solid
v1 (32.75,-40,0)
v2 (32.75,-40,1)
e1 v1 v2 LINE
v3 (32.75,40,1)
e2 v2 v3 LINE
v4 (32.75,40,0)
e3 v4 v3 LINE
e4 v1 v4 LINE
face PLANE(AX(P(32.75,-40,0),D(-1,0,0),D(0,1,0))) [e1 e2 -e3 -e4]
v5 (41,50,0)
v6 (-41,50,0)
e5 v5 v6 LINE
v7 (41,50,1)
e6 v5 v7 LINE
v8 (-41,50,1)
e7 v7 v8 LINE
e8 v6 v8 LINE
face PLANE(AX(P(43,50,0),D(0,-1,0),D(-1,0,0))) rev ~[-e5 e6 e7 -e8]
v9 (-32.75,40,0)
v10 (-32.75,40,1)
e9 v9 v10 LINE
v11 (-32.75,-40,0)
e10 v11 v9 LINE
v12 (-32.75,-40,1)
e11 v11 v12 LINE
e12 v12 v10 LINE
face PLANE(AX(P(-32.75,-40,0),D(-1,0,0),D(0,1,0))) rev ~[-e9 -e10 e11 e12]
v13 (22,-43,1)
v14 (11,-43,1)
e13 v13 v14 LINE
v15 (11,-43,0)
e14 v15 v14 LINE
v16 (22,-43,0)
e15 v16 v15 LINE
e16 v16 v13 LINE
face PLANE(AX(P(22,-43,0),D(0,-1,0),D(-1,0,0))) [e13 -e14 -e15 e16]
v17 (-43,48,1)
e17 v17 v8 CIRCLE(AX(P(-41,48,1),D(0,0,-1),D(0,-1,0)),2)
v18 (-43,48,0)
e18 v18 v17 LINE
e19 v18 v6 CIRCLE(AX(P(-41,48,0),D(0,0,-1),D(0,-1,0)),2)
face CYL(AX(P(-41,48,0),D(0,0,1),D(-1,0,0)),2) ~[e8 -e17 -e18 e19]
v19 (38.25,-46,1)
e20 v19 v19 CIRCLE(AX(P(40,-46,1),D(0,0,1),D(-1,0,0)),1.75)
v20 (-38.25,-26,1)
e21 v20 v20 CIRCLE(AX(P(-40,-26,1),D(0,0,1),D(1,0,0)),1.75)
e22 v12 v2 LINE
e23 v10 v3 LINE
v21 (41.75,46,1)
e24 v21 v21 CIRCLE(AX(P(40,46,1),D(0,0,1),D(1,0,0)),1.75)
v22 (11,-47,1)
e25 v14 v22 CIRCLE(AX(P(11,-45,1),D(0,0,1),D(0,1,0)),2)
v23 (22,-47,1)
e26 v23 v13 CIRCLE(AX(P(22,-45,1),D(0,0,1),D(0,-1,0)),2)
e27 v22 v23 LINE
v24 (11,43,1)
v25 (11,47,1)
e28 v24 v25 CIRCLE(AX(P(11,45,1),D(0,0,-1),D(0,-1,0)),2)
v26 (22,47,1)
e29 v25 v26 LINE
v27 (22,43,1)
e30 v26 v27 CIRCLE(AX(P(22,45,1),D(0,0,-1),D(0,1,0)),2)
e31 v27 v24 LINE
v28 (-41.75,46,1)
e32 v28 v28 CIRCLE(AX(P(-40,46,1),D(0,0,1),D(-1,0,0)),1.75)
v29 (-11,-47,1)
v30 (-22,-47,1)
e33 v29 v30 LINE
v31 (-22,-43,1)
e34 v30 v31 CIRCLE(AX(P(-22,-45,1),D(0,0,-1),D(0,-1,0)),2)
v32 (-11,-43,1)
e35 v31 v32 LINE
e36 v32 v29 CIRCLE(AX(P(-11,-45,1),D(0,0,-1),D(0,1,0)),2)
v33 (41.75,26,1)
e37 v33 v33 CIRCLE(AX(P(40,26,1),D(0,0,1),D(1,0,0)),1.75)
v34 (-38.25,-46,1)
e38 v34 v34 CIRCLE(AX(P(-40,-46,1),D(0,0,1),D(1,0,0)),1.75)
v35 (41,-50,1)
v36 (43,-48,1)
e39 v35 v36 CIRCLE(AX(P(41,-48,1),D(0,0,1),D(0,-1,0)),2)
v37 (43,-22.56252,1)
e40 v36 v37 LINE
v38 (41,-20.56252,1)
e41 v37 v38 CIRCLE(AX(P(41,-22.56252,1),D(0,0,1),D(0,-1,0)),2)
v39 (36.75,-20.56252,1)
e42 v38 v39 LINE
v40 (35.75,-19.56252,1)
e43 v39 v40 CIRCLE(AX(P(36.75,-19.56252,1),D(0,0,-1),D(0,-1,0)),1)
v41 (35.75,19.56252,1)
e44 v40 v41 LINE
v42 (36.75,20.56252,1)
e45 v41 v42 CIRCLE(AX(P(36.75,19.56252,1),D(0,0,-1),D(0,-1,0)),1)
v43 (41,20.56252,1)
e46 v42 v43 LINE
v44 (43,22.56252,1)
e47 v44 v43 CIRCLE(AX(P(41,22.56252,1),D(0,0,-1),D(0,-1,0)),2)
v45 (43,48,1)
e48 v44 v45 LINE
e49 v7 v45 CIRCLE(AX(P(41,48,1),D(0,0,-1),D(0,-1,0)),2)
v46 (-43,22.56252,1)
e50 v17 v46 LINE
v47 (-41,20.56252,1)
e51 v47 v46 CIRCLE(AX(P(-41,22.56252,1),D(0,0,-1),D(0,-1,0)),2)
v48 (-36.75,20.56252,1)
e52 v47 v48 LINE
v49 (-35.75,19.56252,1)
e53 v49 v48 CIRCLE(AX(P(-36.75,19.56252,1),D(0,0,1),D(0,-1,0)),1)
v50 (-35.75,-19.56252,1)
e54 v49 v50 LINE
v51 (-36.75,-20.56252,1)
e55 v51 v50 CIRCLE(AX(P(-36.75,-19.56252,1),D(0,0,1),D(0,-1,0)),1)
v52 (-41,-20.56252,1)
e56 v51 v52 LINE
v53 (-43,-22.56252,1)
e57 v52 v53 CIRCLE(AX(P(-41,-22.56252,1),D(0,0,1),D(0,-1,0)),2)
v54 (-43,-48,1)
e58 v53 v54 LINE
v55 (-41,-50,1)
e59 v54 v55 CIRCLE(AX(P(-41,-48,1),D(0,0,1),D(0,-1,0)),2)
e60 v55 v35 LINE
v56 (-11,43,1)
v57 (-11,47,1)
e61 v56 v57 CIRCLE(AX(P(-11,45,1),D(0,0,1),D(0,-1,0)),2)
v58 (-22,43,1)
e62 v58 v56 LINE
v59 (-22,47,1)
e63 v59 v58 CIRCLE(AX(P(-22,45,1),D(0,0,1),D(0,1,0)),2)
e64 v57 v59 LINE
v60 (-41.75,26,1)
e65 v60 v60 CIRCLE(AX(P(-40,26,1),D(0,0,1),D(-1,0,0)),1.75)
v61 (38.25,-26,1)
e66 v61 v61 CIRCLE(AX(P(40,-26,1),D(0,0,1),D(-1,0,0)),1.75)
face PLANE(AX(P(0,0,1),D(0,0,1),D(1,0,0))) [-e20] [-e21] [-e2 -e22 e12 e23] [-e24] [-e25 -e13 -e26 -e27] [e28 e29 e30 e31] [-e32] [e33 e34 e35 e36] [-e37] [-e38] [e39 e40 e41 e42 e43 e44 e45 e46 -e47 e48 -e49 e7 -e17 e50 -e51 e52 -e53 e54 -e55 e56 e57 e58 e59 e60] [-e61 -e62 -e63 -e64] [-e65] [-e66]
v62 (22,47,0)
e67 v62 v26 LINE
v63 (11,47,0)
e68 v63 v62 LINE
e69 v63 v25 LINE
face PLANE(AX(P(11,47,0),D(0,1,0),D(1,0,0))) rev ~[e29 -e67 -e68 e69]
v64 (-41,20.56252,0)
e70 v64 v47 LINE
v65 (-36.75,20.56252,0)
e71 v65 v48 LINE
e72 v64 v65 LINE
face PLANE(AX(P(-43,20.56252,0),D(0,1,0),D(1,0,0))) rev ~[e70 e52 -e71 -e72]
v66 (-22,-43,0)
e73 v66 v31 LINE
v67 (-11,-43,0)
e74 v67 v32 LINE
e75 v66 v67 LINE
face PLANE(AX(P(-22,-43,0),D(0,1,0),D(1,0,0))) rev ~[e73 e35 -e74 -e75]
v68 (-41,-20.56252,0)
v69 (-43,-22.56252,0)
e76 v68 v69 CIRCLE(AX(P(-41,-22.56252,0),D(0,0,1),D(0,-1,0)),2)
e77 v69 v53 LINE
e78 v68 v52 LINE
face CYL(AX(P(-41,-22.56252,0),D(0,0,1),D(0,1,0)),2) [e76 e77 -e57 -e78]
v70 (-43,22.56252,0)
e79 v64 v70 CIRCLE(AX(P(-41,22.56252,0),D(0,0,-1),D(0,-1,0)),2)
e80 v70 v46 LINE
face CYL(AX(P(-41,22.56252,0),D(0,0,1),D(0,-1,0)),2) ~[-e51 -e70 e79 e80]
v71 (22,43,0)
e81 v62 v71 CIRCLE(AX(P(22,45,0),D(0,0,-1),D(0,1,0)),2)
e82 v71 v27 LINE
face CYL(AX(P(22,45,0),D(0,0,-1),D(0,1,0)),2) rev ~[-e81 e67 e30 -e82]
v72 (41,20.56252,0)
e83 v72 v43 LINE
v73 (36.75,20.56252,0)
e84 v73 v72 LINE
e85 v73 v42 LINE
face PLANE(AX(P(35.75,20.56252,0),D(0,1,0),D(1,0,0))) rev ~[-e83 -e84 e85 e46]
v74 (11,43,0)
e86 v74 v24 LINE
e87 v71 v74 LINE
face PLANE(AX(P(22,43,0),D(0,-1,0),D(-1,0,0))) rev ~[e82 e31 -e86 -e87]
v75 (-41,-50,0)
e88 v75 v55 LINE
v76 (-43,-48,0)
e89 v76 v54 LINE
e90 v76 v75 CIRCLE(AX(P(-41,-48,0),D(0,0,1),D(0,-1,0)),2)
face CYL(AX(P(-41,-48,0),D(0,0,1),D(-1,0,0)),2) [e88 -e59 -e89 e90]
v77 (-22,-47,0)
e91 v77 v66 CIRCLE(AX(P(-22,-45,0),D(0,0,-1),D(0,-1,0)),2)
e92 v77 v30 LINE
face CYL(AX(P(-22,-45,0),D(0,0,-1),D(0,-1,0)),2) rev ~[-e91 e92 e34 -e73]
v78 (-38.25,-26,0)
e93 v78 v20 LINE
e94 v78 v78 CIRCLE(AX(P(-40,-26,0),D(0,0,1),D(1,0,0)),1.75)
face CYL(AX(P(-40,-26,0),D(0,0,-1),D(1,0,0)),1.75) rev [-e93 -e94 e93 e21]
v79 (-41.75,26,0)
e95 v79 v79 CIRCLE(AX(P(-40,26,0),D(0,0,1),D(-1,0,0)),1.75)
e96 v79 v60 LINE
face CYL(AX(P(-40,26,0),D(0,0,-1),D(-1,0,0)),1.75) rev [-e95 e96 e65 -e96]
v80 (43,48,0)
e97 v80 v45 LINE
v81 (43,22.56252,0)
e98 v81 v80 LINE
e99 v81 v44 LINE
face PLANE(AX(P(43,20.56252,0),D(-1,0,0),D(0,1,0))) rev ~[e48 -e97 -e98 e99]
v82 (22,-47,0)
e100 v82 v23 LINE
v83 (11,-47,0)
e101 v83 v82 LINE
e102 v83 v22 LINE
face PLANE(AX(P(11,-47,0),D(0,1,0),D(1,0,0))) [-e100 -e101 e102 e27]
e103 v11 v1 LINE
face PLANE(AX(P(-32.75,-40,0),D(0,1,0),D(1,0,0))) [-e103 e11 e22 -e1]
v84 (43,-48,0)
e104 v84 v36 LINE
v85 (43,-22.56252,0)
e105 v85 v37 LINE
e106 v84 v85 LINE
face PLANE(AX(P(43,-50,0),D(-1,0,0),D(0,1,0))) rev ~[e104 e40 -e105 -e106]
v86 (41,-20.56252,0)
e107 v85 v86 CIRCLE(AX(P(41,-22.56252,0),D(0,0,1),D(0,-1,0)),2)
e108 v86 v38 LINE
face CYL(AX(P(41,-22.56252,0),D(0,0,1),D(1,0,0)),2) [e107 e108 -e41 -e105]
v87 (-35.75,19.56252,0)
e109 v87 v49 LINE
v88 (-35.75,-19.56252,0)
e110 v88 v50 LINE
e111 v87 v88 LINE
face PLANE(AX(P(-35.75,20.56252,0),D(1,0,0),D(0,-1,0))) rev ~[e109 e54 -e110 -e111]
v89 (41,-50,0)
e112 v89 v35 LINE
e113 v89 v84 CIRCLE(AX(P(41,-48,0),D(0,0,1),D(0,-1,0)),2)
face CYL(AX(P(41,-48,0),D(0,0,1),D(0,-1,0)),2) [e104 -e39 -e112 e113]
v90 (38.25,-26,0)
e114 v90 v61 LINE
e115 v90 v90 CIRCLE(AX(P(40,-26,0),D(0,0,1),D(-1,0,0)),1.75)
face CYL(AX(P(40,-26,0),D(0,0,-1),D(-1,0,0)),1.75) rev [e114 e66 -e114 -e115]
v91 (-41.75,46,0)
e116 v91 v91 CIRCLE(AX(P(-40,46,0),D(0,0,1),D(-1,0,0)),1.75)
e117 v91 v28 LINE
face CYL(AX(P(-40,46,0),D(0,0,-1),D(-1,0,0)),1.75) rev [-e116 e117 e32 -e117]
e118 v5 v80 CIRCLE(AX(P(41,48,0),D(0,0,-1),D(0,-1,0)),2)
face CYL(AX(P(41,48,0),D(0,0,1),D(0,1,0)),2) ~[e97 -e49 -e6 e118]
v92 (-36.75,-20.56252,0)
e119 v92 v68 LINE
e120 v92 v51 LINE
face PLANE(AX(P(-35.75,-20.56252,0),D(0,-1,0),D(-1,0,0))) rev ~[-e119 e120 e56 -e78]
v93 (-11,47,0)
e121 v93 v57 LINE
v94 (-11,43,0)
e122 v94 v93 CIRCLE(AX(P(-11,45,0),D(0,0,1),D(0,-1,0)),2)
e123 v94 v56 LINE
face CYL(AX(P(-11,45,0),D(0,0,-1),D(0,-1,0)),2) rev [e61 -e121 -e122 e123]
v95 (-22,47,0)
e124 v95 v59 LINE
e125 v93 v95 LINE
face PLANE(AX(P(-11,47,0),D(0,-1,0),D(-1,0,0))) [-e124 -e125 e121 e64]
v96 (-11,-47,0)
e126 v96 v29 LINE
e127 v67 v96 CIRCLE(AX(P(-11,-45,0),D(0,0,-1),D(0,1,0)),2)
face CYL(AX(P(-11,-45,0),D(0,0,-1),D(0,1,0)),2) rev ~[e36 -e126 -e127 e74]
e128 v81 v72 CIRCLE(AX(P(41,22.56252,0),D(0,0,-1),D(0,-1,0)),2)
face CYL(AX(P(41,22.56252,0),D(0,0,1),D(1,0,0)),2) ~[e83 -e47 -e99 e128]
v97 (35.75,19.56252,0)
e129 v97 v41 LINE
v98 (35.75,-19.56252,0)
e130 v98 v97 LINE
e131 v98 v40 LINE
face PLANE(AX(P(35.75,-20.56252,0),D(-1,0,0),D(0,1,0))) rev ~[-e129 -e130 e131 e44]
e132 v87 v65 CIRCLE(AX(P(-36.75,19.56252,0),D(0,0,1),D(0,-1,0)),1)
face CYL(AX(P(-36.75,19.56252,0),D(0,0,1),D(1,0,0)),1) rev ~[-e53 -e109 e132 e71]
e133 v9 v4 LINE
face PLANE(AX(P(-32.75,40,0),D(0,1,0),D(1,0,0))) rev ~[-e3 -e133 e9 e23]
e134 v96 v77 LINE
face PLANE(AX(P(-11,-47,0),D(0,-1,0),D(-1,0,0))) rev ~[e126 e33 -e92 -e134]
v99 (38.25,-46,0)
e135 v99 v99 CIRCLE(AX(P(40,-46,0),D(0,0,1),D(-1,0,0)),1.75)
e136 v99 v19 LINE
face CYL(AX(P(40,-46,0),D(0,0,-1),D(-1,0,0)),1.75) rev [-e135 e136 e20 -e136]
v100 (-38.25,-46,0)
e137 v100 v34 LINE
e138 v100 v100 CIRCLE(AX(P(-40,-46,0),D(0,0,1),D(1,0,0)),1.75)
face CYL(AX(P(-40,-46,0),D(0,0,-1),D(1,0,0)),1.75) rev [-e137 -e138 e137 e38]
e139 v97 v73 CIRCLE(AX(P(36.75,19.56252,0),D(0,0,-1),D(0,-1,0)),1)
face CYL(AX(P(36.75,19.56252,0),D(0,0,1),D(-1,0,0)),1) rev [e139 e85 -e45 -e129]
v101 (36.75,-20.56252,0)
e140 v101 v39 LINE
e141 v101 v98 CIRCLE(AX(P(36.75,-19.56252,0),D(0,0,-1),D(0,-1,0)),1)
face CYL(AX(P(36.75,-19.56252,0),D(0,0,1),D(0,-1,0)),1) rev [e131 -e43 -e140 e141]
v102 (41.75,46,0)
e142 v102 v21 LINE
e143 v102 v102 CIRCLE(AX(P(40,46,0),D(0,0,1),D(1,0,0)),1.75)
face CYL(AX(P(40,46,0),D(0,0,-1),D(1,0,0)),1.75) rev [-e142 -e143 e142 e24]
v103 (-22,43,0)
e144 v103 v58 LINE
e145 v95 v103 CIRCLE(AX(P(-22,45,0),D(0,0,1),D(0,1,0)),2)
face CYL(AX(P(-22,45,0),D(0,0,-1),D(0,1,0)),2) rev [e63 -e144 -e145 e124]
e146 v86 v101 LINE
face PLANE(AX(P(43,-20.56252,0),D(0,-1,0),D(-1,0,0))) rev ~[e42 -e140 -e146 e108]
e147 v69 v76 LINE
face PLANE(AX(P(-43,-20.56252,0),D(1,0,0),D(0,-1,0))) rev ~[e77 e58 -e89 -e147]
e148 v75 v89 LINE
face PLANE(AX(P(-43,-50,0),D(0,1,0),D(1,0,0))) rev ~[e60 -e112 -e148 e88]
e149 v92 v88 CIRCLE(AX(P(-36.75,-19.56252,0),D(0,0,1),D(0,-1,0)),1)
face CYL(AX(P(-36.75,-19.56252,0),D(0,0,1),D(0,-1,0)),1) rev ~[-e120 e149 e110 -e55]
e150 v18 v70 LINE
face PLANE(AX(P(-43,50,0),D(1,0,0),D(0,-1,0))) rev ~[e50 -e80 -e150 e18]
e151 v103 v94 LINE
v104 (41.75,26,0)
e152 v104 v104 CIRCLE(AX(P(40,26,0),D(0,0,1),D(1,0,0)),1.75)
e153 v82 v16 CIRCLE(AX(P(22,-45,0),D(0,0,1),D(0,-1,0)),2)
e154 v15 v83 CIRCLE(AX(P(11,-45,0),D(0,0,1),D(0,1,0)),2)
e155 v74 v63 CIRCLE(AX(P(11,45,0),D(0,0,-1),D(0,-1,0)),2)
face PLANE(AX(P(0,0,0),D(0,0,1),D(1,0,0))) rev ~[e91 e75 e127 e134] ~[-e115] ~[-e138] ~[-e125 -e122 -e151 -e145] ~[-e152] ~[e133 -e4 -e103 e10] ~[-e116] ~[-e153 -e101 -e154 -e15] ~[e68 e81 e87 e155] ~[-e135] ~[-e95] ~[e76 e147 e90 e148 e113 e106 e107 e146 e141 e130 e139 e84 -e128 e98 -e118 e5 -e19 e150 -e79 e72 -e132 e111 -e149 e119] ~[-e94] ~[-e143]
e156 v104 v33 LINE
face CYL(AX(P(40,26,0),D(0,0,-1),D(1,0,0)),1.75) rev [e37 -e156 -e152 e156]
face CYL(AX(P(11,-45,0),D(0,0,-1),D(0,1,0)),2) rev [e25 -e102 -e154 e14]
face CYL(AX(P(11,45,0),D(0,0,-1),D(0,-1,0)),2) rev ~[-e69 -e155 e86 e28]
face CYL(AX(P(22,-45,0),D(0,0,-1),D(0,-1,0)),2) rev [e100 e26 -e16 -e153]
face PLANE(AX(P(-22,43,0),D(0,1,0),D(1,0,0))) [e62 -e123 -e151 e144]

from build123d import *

# Parameters (mm, degrees)
SKETCH_1_R      = 1.75
SKETCH_1_W      = 65.5
SKETCH_1_H      = 80
EXTRUDE_1_DEPTH = 1
FILLET_1_R      = 1
FILLET_2_R      = 2


with BuildPart() as part:
    # 草圖1 → 填料-伸長1 (new body)
    with BuildSketch(Plane.XY):
        Polygon((-35.75, -20.56252042), (-43, -20.56252042), (-43, -50), (-25.75, -50), (25.75, -50), (43, -50), (43, -20.56252042), (35.75, -20.56252042), (35.75, 20.56252042), (43, 20.56252042), (43, 50), (25.75, 50), (-25.75, 50), (-43, 50), (-43, 20.56252042), (-35.75, 20.56252042), align=None)
        with Locations((-40, -26)):
            Circle(SKETCH_1_R, mode=Mode.SUBTRACT)
        with Locations(Location((40, -26, 0), (0, 0, 180))):
            Circle(SKETCH_1_R, mode=Mode.SUBTRACT)
        with Locations((40, 26)):
            Circle(SKETCH_1_R, mode=Mode.SUBTRACT)
        with Locations(Location((-40, 26, 0), (0, 0, 180))):
            Circle(SKETCH_1_R, mode=Mode.SUBTRACT)
        with Locations((-40, -46)):
            Circle(SKETCH_1_R, mode=Mode.SUBTRACT)
        with Locations(Location((-40, 46, 0), (0, 0, 180))):
            Circle(SKETCH_1_R, mode=Mode.SUBTRACT)
        with Locations((40, 46)):
            Circle(SKETCH_1_R, mode=Mode.SUBTRACT)
        with Locations(Location((40, -46, 0), (0, 0, 180))):
            Circle(SKETCH_1_R, mode=Mode.SUBTRACT)
        Rectangle(SKETCH_1_W, SKETCH_1_H, mode=Mode.SUBTRACT)
        with BuildLine():
            Line((-22, -43), (-11, -43))
            ThreePointArc((-11, -43), (-9, -45), (-11, -47))
            Line((-11, -47), (-22, -47))
            ThreePointArc((-22, -47), (-24, -45), (-22, -43))
        make_face(mode=Mode.SUBTRACT)
        with BuildLine():
            Line((22, -43), (11, -43))
            ThreePointArc((11, -43), (9, -45), (11, -47))
            Line((11, -47), (22, -47))
            ThreePointArc((22, -47), (24, -45), (22, -43))
        make_face(mode=Mode.SUBTRACT)
        with BuildLine():
            Line((22, 43), (11, 43))
            ThreePointArc((11, 43), (9, 45), (11, 47))
            Line((11, 47), (22, 47))
            ThreePointArc((22, 47), (24, 45), (22, 43))
        make_face(mode=Mode.SUBTRACT)
        with BuildLine():
            Line((-22, 43), (-11, 43))
            ThreePointArc((-11, 43), (-9, 45), (-11, 47))
            Line((-11, 47), (-22, 47))
            ThreePointArc((-22, 47), (-24, 45), (-22, 43))
        make_face(mode=Mode.SUBTRACT)
    extrude(amount=EXTRUDE_1_DEPTH)

    # 圓角1
    fillet_1_edges = [part.edges().sort_by_distance(p)[0] for p in [
        (35.75, 20.56252042, 0.5),
        (35.75, -20.56252042, 0.5),
        (-35.75, -20.56252042, 0.5),
        (-35.75, 20.56252042, 0.5),
    ]]
    fillet(fillet_1_edges, radius=FILLET_1_R)

    # 圓角2
    fillet_2_edges = [part.edges().sort_by_distance(p)[0] for p in [
        (43, 50, 0.5),
        (43, 20.56252042, 0.5),
        (43, -20.56252042, 0.5),
        (43, -50, 0.5),
        (-43, -50, 0.5),
        (-43, -20.56252042, 0.5),
        (-43, 20.56252042, 0.5),
        (-43, 50, 0.5),
    ]]
    fillet(fillet_2_edges, radius=FILLET_2_R)


solid = part.part
